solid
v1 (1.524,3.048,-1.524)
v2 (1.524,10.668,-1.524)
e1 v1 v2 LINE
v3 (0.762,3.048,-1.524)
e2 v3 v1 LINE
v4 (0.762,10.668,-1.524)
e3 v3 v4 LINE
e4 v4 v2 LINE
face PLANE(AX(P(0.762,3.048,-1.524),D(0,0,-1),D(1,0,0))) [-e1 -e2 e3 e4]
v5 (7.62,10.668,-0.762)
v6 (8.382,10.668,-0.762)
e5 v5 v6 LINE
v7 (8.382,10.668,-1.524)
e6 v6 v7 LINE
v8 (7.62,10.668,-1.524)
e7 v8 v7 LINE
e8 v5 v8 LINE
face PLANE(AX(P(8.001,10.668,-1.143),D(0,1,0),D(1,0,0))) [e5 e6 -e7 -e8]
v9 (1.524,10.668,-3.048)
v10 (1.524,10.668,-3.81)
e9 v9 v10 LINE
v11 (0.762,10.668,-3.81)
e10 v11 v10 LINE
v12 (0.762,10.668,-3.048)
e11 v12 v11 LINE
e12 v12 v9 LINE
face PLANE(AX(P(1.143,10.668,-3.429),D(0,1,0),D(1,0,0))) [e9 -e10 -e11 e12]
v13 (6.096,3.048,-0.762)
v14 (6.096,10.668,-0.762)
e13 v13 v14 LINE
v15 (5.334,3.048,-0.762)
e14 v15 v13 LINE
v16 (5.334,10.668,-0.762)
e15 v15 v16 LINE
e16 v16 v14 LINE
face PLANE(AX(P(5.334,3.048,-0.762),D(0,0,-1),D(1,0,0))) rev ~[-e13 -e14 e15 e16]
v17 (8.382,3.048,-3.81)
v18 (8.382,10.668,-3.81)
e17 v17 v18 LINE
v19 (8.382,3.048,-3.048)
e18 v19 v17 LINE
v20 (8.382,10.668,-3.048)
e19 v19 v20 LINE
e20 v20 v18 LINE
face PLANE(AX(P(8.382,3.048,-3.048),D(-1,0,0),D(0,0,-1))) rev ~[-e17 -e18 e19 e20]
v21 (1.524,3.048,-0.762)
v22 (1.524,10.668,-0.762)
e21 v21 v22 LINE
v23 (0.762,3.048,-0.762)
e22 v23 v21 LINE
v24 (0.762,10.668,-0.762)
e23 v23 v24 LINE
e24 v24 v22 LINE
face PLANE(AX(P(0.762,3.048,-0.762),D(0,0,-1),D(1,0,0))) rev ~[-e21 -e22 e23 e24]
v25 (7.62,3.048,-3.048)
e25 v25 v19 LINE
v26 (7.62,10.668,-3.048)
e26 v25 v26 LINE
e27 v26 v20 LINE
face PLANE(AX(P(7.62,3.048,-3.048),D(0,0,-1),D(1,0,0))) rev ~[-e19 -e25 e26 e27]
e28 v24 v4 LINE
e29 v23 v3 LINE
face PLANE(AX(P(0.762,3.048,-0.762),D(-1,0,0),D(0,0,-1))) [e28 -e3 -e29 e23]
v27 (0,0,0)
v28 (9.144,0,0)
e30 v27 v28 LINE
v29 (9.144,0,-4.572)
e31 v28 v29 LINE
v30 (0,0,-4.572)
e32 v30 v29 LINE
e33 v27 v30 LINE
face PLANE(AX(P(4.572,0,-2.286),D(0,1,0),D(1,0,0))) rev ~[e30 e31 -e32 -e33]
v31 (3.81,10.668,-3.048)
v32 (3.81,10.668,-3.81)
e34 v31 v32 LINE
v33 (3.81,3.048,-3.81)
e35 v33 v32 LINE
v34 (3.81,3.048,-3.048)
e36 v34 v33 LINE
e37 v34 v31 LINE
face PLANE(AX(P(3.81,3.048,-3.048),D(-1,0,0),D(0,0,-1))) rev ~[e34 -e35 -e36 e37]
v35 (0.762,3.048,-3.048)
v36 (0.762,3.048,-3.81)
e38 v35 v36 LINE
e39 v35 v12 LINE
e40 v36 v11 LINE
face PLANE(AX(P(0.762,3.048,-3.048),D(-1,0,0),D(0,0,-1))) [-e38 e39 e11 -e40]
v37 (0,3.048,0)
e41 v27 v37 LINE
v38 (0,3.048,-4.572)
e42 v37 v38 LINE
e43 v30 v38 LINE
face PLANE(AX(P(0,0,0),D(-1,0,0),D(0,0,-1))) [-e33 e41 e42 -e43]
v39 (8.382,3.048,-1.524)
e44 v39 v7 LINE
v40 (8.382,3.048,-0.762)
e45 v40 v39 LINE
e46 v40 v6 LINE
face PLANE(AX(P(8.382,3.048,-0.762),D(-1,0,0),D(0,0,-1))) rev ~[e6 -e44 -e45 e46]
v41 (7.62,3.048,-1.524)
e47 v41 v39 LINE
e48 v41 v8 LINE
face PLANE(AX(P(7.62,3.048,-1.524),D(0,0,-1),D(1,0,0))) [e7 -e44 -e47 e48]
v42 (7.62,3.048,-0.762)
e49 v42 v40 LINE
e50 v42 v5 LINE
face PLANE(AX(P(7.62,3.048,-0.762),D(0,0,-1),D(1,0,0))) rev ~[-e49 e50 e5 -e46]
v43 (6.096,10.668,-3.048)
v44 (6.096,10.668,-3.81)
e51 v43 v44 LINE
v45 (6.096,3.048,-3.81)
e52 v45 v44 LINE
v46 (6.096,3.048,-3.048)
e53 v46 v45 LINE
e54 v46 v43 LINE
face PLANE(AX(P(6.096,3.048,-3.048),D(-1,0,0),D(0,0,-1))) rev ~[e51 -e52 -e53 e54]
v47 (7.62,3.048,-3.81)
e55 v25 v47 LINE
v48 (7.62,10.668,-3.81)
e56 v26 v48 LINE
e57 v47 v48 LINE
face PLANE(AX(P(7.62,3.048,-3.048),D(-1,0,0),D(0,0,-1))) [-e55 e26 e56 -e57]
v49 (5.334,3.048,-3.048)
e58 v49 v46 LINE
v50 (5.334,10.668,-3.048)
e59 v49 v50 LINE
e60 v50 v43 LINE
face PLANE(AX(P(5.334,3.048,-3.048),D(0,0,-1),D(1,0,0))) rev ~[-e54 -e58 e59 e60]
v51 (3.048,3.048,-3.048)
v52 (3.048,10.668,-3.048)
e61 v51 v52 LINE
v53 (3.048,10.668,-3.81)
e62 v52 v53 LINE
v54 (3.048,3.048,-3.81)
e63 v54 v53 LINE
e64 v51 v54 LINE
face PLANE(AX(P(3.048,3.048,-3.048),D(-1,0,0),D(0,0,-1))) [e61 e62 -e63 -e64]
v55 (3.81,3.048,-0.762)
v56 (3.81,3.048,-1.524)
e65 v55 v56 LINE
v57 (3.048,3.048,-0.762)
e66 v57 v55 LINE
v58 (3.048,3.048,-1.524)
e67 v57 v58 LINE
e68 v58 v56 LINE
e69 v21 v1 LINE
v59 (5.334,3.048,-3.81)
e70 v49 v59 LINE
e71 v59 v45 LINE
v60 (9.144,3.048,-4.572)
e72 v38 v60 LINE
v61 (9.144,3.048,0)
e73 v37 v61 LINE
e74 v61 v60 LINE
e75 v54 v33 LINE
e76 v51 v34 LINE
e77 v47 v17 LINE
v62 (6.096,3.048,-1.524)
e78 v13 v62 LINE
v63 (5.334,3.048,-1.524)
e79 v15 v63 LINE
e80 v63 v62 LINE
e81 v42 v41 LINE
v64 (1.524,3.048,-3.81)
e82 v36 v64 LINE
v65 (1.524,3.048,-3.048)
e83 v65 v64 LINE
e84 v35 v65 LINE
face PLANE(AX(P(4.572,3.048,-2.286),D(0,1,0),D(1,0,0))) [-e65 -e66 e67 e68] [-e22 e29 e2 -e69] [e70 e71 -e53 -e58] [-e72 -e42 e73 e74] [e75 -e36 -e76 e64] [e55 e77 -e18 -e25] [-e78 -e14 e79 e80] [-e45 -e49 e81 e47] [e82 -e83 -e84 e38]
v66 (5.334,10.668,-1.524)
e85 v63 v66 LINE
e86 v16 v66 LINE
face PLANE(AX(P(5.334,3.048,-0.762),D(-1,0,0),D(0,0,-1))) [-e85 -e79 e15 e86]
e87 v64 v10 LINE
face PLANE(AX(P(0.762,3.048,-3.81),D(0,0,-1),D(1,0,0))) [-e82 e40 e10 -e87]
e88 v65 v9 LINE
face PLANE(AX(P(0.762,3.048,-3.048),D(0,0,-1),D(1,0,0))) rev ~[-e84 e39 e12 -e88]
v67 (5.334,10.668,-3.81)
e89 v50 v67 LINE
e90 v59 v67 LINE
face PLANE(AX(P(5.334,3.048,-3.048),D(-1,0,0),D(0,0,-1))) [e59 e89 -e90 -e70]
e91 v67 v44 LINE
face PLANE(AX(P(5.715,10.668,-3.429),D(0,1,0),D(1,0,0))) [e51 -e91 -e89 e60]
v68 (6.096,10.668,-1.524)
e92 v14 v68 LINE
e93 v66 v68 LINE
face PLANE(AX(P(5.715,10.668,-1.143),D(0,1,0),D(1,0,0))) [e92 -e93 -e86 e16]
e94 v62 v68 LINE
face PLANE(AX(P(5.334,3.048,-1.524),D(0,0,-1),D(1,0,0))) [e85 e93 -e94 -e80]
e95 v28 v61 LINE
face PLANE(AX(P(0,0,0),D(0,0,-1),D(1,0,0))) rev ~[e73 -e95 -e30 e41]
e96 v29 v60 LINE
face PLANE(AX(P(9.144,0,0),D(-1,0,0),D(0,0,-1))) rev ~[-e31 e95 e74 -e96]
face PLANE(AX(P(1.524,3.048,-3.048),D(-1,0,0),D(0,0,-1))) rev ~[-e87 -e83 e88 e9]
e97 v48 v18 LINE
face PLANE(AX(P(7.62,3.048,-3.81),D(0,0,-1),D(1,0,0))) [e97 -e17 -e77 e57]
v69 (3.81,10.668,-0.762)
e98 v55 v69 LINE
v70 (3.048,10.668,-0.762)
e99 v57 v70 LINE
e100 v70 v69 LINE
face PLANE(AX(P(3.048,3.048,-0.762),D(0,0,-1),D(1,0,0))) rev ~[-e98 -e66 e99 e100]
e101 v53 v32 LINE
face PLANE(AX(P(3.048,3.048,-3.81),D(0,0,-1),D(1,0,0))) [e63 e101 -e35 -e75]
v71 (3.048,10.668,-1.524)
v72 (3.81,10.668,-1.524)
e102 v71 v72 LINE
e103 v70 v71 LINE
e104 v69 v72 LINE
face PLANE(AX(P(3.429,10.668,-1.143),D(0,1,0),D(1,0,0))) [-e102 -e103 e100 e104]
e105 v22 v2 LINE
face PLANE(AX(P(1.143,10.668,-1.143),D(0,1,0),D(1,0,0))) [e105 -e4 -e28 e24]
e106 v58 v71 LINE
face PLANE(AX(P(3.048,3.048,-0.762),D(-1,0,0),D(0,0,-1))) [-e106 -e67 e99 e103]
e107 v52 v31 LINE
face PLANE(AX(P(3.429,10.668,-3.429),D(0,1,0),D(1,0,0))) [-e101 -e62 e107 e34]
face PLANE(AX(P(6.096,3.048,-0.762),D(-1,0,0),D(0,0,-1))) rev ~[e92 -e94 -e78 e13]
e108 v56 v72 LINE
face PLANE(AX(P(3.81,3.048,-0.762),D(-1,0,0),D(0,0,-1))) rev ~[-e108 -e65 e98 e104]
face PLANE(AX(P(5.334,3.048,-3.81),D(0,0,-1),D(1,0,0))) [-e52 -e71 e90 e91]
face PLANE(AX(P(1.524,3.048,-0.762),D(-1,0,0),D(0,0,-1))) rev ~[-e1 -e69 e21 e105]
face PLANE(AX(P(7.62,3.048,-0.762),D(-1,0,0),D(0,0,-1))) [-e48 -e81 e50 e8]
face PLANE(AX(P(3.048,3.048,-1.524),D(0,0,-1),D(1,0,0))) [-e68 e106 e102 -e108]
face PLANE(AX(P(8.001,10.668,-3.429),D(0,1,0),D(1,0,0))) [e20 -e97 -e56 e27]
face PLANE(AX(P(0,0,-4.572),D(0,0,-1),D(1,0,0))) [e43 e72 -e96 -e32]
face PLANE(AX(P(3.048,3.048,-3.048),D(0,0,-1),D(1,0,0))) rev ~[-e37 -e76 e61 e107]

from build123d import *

# Parameters (mm, degrees)
SKETCH1_W      = 9.144
SKETCH1_H      = 4.572
EXTRUDE1_DEPTH = 3.048
SKETCH2_W      = 0.762
SKETCH2_H      = 0.762
EXTRUDE2_DEPTH = 7.62


with BuildPart() as part:
    # Sketch1 → Extrude1 (new body)
    with BuildSketch(Plane(origin=(0, 0, 0), x_dir=(1, 0, 0), z_dir=(0, 1, 0))):
        with Locations((4.572, 2.286)):
            Rectangle(SKETCH1_W, SKETCH1_H)
    extrude(amount=EXTRUDE1_DEPTH)

    # Sketch2 → Extrude2 (add)
    with BuildSketch(Plane(origin=(0, 3.048, 0), x_dir=(1, 0, 0), z_dir=(0, 1, 0))):
        with Locations((3.429, 3.429)):
            Rectangle(SKETCH2_W, SKETCH2_H)
        with Locations((1.143, 3.429)):
            Rectangle(SKETCH2_W, SKETCH2_H)
        with Locations((5.715, 3.429)):
            Rectangle(SKETCH2_W, SKETCH2_H)
        with Locations((8.001, 3.429)):
            Rectangle(SKETCH2_W, SKETCH2_H)
        with Locations((1.143, 1.143)):
            Rectangle(SKETCH2_W, SKETCH2_H)
        with Locations((3.429, 1.143)):
            Rectangle(SKETCH2_W, SKETCH2_H)
        with Locations((5.715, 1.143)):
            Rectangle(SKETCH2_W, SKETCH2_H)
        with Locations((8.001, 1.143)):
            Rectangle(SKETCH2_W, SKETCH2_H)
    extrude(amount=EXTRUDE2_DEPTH)


solid = part.part
